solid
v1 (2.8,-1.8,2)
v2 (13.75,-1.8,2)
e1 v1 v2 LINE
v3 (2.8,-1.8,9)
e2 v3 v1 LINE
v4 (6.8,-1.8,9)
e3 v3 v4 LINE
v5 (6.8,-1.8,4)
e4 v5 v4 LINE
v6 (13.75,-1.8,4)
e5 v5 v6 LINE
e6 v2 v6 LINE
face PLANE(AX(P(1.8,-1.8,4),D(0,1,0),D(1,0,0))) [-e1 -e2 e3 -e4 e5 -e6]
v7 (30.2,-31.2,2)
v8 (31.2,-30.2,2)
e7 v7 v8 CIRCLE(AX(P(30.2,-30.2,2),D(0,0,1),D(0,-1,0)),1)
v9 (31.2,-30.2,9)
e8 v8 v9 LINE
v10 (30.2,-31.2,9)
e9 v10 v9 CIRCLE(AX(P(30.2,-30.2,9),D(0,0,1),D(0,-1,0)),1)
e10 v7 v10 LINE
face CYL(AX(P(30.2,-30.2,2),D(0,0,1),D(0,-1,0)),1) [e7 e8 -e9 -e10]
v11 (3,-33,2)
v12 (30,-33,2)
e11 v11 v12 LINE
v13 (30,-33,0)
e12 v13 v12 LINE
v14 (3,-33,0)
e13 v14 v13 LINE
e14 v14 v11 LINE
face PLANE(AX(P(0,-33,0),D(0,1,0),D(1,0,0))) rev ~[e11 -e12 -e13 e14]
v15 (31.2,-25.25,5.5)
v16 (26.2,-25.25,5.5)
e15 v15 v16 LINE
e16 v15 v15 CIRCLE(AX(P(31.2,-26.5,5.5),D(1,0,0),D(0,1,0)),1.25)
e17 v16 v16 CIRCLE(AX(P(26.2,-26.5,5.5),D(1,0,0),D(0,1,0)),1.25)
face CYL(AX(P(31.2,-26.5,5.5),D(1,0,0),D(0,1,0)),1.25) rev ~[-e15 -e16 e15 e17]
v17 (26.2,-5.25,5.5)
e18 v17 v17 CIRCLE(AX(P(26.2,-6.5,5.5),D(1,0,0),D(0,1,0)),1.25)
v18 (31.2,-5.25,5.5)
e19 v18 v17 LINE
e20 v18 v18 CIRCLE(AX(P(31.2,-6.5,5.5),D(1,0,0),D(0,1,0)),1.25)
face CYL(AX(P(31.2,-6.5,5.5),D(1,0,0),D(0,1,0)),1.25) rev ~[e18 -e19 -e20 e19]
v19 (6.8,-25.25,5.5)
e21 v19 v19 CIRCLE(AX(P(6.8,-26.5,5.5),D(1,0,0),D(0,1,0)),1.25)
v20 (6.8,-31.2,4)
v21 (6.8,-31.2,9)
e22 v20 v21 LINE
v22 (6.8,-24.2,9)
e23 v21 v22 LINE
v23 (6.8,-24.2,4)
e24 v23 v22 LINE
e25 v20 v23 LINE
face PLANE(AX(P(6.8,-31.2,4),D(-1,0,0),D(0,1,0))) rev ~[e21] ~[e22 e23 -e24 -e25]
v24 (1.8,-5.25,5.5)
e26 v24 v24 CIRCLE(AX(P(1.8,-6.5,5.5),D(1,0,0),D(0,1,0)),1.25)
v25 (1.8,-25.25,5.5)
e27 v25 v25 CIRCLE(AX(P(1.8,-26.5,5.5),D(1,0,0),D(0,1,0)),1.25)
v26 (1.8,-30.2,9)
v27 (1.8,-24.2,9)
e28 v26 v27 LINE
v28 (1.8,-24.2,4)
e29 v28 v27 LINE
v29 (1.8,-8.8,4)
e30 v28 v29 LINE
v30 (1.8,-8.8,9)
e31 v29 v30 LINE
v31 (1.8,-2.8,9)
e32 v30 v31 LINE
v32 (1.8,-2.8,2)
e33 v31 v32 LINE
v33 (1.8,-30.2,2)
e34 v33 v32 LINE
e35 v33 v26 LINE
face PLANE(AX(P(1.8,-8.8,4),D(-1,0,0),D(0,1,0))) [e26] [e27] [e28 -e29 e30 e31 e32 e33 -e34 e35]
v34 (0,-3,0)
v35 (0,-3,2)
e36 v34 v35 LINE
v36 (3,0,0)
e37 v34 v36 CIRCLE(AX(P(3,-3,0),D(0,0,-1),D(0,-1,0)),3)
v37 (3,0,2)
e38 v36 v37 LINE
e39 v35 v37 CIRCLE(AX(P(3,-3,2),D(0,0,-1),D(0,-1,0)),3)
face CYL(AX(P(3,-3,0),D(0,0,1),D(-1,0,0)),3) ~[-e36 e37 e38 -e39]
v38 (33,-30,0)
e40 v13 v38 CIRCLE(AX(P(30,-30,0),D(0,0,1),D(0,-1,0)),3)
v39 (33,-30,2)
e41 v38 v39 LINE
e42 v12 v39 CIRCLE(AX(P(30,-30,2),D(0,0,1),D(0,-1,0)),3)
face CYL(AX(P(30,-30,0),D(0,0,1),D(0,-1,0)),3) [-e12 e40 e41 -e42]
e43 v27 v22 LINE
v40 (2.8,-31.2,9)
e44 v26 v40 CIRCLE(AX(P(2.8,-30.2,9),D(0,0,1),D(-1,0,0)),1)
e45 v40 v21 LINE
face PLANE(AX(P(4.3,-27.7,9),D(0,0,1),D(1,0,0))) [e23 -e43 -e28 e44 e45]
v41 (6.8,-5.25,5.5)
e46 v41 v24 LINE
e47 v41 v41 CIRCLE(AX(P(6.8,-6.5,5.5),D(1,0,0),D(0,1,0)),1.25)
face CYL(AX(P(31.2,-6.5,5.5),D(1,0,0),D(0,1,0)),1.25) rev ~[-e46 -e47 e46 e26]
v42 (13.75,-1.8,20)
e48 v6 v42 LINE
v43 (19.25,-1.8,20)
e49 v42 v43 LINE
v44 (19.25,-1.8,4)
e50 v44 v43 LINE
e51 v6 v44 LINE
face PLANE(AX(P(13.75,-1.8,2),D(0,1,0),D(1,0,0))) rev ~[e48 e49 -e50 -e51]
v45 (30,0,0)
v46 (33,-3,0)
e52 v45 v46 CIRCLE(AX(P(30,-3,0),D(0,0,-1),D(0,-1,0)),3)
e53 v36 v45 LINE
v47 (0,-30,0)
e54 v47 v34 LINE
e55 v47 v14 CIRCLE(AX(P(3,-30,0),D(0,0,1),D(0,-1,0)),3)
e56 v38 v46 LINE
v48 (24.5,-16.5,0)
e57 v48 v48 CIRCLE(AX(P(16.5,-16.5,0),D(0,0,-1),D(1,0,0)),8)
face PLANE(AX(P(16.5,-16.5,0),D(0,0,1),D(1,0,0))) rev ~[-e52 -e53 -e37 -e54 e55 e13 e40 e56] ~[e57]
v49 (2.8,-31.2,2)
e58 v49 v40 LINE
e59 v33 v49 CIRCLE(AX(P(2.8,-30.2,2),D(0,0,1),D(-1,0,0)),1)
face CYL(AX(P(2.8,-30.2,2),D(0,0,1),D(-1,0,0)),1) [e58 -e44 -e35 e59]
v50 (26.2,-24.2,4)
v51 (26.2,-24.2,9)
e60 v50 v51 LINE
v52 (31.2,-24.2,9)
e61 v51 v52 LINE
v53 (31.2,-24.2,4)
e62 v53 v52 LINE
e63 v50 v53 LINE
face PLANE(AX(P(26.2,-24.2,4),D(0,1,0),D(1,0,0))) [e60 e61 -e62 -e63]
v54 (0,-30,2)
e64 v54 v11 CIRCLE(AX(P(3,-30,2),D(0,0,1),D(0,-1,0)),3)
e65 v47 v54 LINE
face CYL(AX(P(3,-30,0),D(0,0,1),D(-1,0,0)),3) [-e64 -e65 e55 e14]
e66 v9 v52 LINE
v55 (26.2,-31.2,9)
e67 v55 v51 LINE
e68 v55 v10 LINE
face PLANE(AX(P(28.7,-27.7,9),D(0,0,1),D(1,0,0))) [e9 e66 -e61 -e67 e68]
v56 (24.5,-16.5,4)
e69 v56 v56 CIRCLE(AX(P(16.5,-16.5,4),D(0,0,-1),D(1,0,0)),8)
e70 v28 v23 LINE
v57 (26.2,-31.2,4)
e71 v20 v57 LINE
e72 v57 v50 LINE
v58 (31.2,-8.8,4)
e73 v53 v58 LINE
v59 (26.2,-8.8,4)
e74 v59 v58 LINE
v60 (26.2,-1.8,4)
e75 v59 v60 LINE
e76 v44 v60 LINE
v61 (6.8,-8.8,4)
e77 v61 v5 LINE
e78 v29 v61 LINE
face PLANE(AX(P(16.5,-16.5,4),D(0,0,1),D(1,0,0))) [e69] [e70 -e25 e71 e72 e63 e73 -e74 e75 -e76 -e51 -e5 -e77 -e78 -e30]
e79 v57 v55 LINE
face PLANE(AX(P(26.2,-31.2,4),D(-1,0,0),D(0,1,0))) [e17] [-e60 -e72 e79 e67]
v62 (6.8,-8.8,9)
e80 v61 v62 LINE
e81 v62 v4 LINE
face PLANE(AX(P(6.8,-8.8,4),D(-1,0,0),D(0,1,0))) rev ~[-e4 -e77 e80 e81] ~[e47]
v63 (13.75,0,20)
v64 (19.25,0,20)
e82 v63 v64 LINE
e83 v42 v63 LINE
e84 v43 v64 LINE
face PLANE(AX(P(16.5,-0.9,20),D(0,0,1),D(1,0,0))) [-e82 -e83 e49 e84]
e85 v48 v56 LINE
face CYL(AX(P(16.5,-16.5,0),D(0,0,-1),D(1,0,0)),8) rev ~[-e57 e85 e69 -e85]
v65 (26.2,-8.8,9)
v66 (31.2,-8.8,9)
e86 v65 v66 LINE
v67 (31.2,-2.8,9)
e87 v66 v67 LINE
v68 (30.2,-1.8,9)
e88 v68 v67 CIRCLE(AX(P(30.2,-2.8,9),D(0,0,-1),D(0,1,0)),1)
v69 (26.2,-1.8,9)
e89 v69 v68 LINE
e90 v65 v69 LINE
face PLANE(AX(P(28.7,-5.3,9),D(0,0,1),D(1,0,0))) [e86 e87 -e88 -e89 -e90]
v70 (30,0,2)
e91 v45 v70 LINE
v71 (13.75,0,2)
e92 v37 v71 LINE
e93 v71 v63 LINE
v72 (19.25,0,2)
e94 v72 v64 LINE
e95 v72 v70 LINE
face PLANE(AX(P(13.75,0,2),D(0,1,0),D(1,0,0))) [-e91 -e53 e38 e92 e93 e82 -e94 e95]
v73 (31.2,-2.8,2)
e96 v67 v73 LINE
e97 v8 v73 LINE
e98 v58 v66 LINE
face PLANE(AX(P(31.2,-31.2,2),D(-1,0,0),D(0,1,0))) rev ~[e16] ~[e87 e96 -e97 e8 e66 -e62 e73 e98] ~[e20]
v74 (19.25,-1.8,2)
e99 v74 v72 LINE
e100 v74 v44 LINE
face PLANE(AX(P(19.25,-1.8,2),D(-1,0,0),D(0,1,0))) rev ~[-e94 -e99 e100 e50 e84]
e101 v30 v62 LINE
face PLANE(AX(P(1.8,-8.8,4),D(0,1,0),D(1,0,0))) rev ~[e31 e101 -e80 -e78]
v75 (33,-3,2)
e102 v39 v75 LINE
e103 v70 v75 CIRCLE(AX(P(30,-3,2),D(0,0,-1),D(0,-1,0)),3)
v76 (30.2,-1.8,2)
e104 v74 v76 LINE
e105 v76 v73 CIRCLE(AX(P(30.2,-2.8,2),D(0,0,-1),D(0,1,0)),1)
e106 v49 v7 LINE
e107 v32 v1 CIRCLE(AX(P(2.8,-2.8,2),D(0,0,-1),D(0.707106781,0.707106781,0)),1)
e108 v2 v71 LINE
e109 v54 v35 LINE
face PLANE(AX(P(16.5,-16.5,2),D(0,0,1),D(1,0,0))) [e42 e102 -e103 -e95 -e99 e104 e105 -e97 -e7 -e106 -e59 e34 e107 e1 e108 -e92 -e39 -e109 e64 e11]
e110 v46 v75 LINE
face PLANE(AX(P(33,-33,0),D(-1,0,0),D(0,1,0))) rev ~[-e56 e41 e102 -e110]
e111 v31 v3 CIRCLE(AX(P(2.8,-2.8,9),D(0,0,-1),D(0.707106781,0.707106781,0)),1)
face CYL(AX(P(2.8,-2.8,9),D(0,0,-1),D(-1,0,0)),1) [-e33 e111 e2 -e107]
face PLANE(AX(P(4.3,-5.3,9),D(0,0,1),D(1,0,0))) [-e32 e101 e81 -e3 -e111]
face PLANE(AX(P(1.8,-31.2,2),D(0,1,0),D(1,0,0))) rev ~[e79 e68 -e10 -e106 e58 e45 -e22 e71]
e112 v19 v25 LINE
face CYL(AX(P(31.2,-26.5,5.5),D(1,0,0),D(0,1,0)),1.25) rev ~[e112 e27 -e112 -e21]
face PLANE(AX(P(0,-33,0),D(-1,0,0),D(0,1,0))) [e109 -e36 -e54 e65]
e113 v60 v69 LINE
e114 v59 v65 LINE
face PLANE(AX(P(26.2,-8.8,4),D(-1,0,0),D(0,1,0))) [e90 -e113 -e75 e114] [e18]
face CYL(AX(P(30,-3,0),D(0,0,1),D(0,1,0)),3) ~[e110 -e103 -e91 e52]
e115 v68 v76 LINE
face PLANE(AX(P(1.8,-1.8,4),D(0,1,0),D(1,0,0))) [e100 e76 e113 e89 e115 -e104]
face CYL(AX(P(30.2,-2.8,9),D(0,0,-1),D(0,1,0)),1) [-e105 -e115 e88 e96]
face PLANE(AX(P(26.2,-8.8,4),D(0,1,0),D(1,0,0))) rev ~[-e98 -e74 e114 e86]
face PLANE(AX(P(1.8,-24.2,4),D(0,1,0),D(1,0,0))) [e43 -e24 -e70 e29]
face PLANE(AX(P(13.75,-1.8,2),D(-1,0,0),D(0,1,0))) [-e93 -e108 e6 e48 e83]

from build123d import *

# Parameters (mm, degrees)
F0_W      = 33
F0_H      = 33
F1_DEPTH  = 2
F2_W      = 29.4
F2_H      = 29.4
F3_DEPTH  = 2
F4_W      = 5
F4_H      = 7
F5_DEPTH  = 5
F6_R      = 8
F7_DEPTH  = 25
F8_R      = 1.25
F9_DEPTH  = 35
F10_R     = 1
F11_R     = 3
F12_W     = 5.5
F12_H     = 1.8
F13_DEPTH = 18


with BuildPart() as f1:
    # F0 (on Top) → F1 (new body)
    with BuildSketch(Plane.XY):
        with Locations((16.5, -16.5)):
            Rectangle(F0_W, F0_H)
    extrude(amount=F1_DEPTH)

    # F2 (on face) → F3 (join)
    with BuildSketch(Plane.XY.offset(2)):
        with Locations((16.5, -16.5)):
            Rectangle(F2_W, F2_H)
    extrude(amount=F3_DEPTH)

    # F4 (on face) → F5 (join)
    with BuildSketch(Plane.XY.offset(4)):
        with Locations((4.3, -5.3)):
            Rectangle(F4_W, F4_H)
        with Locations((4.3, -27.7)):
            Rectangle(F4_W, F4_H)
        with Locations((28.7, -5.3)):
            Rectangle(F4_W, F4_H)
        with Locations((28.7, -27.7)):
            Rectangle(F4_W, F4_H)
    extrude(amount=F5_DEPTH)

    # F6 (on face) → F7 (cut)
    with BuildSketch(Plane(origin=(0, 0, 0), x_dir=(1, 0, 0), z_dir=(0, 0, -1))):
        with Locations((16.5, 16.5)):
            Circle(F6_R)
    extrude(amount=-F7_DEPTH, mode=Mode.SUBTRACT)

    # F8 (on face) → F9 (cut)
    with BuildSketch(Plane.YZ.offset(31.2)):
        with Locations((-26.5, 5.5)):
            Circle(F8_R)
        with Locations((-6.5, 5.5)):
            Circle(F8_R)
    extrude(amount=-F9_DEPTH, mode=Mode.SUBTRACT)

    # F10
    f10_edges = [f1.edges().sort_by_distance(p)[0] for p in [
        (31.2, -1.8, 5.5),
        (1.8, -1.8, 5.5),
        (1.8, -31.2, 5.5),
        (31.2, -31.2, 5.5),
    ]]
    fillet(f10_edges, radius=F10_R)

    # F11
    f11_edges = [f1.edges().sort_by_distance(p)[0] for p in [
        (0, -33, 1),
        (33, -33, 1),
        (0, 0, 1),
        (33, 0, 1),
    ]]
    fillet(f11_edges, radius=F11_R)

    # F12 (on face) → F13 (join)
    with BuildSketch(Plane.XY.offset(2)):
        with Locations((16.5, -0.9)):
            Rectangle(F12_W, F12_H)
    extrude(amount=F13_DEPTH)


solid = f1.part
